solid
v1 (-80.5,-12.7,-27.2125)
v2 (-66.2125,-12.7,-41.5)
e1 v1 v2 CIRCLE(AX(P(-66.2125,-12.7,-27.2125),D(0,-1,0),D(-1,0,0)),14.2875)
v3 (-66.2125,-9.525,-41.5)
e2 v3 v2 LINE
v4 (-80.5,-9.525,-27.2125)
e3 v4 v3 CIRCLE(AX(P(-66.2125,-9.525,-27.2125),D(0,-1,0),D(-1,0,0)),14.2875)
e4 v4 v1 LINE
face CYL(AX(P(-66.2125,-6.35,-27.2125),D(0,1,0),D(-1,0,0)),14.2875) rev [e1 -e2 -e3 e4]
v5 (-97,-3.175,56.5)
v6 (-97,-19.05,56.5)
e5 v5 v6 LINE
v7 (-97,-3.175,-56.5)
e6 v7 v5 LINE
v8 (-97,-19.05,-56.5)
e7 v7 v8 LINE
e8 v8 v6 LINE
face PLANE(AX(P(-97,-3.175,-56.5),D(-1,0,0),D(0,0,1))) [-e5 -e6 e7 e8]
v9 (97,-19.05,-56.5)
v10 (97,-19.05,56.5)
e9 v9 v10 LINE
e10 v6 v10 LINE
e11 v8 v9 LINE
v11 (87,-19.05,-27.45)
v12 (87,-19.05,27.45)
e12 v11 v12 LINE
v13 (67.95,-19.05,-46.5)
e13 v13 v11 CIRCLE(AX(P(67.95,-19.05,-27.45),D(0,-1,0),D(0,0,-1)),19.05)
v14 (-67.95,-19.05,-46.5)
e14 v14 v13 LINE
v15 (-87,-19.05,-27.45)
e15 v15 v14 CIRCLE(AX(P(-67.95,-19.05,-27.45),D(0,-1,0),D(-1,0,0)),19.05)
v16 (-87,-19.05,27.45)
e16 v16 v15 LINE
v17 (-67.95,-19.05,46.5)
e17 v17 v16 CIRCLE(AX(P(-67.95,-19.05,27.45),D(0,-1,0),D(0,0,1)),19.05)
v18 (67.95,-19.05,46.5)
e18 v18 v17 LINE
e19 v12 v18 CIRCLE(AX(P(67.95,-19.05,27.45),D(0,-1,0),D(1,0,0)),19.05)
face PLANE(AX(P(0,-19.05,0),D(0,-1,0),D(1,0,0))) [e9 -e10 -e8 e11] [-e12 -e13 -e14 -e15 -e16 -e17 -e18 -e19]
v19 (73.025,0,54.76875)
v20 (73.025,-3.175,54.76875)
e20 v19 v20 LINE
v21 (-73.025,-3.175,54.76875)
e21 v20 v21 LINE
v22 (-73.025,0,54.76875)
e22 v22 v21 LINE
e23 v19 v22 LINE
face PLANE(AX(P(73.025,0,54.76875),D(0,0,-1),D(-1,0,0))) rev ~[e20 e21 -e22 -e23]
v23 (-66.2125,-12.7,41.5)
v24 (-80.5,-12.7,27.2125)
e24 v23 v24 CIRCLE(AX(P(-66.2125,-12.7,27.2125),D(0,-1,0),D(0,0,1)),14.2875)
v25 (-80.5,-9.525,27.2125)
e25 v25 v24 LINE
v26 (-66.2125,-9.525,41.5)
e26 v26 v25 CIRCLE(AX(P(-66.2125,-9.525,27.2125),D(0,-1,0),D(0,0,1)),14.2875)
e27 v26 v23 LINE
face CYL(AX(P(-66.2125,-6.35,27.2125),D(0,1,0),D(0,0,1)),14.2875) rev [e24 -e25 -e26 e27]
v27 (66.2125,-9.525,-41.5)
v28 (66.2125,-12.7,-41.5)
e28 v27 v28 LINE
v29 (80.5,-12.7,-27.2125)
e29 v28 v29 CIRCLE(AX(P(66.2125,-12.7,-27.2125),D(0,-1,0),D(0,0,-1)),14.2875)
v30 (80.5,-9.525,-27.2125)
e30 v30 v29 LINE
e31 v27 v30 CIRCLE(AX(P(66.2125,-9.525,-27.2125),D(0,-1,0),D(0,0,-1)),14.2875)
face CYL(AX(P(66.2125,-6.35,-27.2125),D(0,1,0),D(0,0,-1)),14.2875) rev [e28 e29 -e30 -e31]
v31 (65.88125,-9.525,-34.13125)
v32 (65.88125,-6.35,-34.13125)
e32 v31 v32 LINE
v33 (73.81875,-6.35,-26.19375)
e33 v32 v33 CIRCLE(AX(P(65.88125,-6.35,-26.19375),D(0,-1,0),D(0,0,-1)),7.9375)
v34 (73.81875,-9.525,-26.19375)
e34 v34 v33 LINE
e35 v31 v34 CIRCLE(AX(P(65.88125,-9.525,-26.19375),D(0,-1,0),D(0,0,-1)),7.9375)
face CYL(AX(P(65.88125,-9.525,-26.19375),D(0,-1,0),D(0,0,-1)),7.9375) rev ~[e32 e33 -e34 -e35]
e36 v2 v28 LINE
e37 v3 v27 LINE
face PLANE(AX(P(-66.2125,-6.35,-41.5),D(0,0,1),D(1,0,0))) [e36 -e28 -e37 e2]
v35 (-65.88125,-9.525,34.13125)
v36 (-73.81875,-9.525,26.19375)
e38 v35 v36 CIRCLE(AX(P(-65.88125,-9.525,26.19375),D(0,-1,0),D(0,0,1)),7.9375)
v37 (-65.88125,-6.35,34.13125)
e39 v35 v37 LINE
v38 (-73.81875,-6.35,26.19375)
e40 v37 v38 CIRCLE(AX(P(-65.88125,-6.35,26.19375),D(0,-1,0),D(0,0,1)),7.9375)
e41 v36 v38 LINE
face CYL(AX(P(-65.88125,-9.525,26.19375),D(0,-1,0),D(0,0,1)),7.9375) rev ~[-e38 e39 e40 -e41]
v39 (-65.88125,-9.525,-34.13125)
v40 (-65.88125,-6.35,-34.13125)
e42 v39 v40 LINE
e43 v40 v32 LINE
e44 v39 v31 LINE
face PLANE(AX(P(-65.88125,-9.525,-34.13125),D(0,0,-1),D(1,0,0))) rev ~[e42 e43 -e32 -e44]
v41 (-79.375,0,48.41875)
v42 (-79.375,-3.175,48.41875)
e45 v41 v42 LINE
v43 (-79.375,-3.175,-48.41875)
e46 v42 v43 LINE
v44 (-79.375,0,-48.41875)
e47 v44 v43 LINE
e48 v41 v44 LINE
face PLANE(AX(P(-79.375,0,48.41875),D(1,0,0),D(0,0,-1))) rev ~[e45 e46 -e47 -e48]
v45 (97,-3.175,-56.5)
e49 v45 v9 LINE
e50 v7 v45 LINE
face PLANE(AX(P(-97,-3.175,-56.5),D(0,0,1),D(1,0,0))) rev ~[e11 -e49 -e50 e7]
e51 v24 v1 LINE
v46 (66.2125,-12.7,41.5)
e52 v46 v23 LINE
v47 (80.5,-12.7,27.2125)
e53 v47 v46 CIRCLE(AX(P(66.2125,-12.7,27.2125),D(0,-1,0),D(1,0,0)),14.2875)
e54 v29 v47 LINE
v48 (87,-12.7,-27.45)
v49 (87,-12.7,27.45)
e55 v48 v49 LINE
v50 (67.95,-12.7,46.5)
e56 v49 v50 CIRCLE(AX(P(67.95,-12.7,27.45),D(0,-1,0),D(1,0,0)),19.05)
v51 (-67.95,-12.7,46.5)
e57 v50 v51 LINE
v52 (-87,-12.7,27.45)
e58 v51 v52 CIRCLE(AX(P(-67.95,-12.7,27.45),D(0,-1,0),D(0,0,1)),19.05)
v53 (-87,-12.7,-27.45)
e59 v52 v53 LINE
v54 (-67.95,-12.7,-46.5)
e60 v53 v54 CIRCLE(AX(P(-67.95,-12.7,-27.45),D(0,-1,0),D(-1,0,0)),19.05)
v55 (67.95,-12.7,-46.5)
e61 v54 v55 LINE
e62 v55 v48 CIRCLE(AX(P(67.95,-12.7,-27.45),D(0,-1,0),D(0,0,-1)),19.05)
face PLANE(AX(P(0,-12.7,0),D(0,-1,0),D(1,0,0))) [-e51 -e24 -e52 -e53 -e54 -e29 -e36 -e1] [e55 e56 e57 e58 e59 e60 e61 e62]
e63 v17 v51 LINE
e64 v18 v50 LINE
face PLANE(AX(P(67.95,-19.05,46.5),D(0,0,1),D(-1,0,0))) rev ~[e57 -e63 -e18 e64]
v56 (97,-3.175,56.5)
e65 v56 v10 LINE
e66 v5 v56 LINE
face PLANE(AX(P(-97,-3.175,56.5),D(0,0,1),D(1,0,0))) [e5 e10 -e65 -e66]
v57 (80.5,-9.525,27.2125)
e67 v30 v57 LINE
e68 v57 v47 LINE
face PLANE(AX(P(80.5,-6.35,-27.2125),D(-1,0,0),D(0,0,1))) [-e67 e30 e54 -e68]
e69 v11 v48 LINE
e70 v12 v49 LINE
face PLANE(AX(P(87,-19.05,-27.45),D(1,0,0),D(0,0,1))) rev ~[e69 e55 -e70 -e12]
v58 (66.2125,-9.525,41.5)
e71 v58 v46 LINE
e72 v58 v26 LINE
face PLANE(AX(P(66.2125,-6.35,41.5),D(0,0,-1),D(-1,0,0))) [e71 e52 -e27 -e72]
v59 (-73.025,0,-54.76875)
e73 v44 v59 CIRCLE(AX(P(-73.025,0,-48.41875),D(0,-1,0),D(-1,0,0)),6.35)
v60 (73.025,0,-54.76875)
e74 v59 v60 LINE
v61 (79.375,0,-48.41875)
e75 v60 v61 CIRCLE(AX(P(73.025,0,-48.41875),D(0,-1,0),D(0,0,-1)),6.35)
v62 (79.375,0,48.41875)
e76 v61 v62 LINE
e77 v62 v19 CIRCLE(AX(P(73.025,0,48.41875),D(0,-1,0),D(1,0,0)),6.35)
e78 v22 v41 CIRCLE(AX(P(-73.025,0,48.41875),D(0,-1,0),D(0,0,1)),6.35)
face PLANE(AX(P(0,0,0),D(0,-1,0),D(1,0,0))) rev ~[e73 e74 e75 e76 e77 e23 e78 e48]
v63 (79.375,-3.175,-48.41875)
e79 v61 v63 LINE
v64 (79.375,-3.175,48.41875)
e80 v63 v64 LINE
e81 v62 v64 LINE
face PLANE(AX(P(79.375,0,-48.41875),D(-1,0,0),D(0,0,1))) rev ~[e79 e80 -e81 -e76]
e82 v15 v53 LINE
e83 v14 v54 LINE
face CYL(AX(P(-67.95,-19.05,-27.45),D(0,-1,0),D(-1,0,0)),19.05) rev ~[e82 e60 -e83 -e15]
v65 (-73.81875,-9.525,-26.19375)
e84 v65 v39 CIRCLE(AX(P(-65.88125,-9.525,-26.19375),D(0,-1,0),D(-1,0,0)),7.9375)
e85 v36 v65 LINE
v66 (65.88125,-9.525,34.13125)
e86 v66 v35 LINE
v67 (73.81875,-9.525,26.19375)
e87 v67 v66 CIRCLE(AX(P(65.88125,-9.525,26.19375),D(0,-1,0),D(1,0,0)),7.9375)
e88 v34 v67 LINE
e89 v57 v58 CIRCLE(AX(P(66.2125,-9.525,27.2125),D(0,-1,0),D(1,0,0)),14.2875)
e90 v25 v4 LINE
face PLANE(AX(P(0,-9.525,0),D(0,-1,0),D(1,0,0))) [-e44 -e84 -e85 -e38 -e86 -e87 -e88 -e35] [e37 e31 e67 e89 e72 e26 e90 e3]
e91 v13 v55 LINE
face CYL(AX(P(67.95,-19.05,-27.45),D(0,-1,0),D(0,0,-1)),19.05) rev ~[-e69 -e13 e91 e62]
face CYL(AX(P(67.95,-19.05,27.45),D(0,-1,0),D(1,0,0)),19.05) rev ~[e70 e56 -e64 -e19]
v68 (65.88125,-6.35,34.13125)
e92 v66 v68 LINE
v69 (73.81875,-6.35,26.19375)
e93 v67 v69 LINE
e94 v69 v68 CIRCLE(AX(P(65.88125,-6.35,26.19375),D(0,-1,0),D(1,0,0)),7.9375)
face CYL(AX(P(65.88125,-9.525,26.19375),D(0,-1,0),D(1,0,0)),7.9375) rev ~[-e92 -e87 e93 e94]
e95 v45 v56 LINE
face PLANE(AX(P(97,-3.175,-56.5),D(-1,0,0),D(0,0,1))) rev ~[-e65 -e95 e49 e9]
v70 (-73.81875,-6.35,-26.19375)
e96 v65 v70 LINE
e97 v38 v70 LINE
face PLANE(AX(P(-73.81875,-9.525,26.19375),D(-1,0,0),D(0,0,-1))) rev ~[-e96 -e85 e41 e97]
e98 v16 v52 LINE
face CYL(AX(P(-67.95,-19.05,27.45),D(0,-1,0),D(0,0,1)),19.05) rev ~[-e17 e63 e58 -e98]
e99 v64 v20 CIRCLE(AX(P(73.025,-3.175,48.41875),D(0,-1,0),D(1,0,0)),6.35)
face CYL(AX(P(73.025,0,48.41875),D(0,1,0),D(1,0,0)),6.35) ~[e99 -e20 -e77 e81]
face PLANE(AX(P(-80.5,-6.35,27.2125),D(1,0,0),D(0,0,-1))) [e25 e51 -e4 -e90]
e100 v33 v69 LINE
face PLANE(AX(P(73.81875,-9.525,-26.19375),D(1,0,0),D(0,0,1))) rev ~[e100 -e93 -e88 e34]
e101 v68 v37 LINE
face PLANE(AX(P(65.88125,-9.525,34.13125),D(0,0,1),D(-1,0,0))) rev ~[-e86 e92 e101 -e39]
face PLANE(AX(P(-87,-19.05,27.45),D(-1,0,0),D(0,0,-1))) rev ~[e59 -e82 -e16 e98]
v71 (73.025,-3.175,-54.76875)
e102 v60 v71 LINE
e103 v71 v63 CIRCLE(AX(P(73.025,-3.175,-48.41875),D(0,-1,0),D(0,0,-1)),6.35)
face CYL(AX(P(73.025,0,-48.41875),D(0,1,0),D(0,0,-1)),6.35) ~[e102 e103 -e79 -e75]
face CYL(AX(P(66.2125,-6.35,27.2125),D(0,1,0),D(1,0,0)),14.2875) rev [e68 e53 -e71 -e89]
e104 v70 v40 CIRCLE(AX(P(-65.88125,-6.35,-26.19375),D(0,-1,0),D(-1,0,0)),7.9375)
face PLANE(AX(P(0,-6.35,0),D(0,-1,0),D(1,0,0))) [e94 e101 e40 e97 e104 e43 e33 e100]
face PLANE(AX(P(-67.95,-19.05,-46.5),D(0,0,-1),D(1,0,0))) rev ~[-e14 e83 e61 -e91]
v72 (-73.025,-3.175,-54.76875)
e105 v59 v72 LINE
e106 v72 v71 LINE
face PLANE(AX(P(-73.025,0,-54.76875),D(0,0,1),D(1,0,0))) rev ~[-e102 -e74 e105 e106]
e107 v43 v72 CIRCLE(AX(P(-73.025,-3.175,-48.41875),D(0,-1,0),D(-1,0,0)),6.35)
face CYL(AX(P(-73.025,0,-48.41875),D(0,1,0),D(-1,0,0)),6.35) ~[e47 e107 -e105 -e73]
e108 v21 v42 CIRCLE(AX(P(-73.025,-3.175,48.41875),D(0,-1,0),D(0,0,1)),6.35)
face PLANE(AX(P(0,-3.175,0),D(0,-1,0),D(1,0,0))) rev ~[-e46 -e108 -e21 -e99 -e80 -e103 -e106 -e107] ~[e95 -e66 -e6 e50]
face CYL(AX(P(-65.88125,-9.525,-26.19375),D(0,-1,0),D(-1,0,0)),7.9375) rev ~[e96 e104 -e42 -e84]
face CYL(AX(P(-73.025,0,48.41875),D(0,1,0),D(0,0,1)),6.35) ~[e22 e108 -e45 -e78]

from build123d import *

# Parameters (mm, degrees)
F1_DEPTH  = 3.175
F2_W      = 194
F2_H      = 113
F3_DEPTH  = 15.875
F5_DEPTH  = 12.7
F7_DEPTH  = 3.175
F9_DEPTH  = 3.175
F10_DEPTH = 6.35


with BuildPart() as f1:
    # F0 (on Front) → F1 (new body)
    with BuildSketch(Plane.XZ):
        with BuildLine():
            ThreePointArc((79.375, 48.41875), (77.5151280605, 52.9088780605), (73.025, 54.76875))
            Line((73.025, 54.76875), (-73.025, 54.76875))
            ThreePointArc((-73.025, 54.76875), (-77.5151280605, 52.9088780605), (-79.375, 48.41875))
            Line((-79.375, 48.41875), (-79.375, -48.41875))
            ThreePointArc((-79.375, -48.41875), (-77.5151280605, -52.9088780605), (-73.025, -54.76875))
            Line((-73.025, -54.76875), (73.025, -54.76875))
            ThreePointArc((73.025, -54.76875), (77.5151280605, -52.9088780605), (79.375, -48.41875))
            Line((79.375, -48.41875), (79.375, 48.41875))
        make_face()
    extrude(amount=F1_DEPTH)

    # F2 (on face) → F3 (join)
    with BuildSketch(Plane.XZ.offset(3.175)):
        Rectangle(F2_W, F2_H)
    extrude(amount=F3_DEPTH)

    # F4 (on face) → F5 (cut)
    with BuildSketch(Plane.XZ.offset(19.05)):
        with BuildLine():
            Line((67.95, 46.5), (-67.95, 46.5))
            ThreePointArc((-67.95, 46.5), (-81.4203841816, 40.9203841816), (-87, 27.45))
            Line((-87, 27.45), (-87, -27.45))
            ThreePointArc((-87, -27.45), (-81.4203841816, -40.9203841816), (-67.95, -46.5))
            Line((-67.95, -46.5), (67.95, -46.5))
            ThreePointArc((67.95, -46.5), (81.4203841816, -40.9203841816), (87, -27.45))
            Line((87, -27.45), (87, 27.45))
            ThreePointArc((87, 27.45), (81.4203841816, 40.9203841816), (67.95, 46.5))
        make_face()
    extrude(amount=-F5_DEPTH, mode=Mode.SUBTRACT)

    # F6 (on face) → F7 (join)
    with BuildSketch(Plane.XZ.offset(6.35)):
        with BuildLine():
            Line((66.2125, 41.5), (-66.2125, 41.5))
            ThreePointArc((-66.2125, 41.5), (-76.3152881362, 37.3152881362), (-80.5, 27.2125))
            Line((-80.5, 27.2125), (-80.5, -27.2125))
            ThreePointArc((-80.5, -27.2125), (-76.3152881362, -37.3152881362), (-66.2125, -41.5))
            Line((-66.2125, -41.5), (66.2125, -41.5))
            ThreePointArc((66.2125, -41.5), (76.3152881362, -37.3152881362), (80.5, -27.2125))
            Line((80.5, -27.2125), (80.5, 27.2125))
            ThreePointArc((80.5, 27.2125), (76.3152881362, 37.3152881362), (66.2125, 41.5))
        make_face()
    extrude(amount=F7_DEPTH)

    # F8 (on face) → F9 (cut)
    with BuildSketch(Plane.XZ.offset(9.525)):
        with BuildLine():
            Line((65.88125, 34.13125), (-65.88125, 34.13125))
            ThreePointArc((-65.88125, 34.13125), (-71.4939100757, 31.8064100757), (-73.81875, 26.19375))
            Line((-73.81875, 26.19375), (-73.81875, -26.19375))
            ThreePointArc((-73.81875, -26.19375), (-71.4939100757, -31.8064100757), (-65.88125, -34.13125))
            Line((-65.88125, -34.13125), (65.88125, -34.13125))
            ThreePointArc((65.88125, -34.13125), (71.4939100757, -31.8064100757), (73.81875, -26.19375))
            Line((73.81875, -26.19375), (73.81875, 26.19375))
            ThreePointArc((73.81875, 26.19375), (71.4939100757, 31.8064100757), (65.88125, 34.13125))
        make_face()
    extrude(amount=-F9_DEPTH, mode=Mode.SUBTRACT)

    # F10 (add): a face of the model
    f10_faces = [f1.faces().sort_by_distance(p)[0] for p in [
        (85.0270580343, -6.35, 0),
    ]]
    extrude(f10_faces, amount=F10_DEPTH)


solid = f1.part
